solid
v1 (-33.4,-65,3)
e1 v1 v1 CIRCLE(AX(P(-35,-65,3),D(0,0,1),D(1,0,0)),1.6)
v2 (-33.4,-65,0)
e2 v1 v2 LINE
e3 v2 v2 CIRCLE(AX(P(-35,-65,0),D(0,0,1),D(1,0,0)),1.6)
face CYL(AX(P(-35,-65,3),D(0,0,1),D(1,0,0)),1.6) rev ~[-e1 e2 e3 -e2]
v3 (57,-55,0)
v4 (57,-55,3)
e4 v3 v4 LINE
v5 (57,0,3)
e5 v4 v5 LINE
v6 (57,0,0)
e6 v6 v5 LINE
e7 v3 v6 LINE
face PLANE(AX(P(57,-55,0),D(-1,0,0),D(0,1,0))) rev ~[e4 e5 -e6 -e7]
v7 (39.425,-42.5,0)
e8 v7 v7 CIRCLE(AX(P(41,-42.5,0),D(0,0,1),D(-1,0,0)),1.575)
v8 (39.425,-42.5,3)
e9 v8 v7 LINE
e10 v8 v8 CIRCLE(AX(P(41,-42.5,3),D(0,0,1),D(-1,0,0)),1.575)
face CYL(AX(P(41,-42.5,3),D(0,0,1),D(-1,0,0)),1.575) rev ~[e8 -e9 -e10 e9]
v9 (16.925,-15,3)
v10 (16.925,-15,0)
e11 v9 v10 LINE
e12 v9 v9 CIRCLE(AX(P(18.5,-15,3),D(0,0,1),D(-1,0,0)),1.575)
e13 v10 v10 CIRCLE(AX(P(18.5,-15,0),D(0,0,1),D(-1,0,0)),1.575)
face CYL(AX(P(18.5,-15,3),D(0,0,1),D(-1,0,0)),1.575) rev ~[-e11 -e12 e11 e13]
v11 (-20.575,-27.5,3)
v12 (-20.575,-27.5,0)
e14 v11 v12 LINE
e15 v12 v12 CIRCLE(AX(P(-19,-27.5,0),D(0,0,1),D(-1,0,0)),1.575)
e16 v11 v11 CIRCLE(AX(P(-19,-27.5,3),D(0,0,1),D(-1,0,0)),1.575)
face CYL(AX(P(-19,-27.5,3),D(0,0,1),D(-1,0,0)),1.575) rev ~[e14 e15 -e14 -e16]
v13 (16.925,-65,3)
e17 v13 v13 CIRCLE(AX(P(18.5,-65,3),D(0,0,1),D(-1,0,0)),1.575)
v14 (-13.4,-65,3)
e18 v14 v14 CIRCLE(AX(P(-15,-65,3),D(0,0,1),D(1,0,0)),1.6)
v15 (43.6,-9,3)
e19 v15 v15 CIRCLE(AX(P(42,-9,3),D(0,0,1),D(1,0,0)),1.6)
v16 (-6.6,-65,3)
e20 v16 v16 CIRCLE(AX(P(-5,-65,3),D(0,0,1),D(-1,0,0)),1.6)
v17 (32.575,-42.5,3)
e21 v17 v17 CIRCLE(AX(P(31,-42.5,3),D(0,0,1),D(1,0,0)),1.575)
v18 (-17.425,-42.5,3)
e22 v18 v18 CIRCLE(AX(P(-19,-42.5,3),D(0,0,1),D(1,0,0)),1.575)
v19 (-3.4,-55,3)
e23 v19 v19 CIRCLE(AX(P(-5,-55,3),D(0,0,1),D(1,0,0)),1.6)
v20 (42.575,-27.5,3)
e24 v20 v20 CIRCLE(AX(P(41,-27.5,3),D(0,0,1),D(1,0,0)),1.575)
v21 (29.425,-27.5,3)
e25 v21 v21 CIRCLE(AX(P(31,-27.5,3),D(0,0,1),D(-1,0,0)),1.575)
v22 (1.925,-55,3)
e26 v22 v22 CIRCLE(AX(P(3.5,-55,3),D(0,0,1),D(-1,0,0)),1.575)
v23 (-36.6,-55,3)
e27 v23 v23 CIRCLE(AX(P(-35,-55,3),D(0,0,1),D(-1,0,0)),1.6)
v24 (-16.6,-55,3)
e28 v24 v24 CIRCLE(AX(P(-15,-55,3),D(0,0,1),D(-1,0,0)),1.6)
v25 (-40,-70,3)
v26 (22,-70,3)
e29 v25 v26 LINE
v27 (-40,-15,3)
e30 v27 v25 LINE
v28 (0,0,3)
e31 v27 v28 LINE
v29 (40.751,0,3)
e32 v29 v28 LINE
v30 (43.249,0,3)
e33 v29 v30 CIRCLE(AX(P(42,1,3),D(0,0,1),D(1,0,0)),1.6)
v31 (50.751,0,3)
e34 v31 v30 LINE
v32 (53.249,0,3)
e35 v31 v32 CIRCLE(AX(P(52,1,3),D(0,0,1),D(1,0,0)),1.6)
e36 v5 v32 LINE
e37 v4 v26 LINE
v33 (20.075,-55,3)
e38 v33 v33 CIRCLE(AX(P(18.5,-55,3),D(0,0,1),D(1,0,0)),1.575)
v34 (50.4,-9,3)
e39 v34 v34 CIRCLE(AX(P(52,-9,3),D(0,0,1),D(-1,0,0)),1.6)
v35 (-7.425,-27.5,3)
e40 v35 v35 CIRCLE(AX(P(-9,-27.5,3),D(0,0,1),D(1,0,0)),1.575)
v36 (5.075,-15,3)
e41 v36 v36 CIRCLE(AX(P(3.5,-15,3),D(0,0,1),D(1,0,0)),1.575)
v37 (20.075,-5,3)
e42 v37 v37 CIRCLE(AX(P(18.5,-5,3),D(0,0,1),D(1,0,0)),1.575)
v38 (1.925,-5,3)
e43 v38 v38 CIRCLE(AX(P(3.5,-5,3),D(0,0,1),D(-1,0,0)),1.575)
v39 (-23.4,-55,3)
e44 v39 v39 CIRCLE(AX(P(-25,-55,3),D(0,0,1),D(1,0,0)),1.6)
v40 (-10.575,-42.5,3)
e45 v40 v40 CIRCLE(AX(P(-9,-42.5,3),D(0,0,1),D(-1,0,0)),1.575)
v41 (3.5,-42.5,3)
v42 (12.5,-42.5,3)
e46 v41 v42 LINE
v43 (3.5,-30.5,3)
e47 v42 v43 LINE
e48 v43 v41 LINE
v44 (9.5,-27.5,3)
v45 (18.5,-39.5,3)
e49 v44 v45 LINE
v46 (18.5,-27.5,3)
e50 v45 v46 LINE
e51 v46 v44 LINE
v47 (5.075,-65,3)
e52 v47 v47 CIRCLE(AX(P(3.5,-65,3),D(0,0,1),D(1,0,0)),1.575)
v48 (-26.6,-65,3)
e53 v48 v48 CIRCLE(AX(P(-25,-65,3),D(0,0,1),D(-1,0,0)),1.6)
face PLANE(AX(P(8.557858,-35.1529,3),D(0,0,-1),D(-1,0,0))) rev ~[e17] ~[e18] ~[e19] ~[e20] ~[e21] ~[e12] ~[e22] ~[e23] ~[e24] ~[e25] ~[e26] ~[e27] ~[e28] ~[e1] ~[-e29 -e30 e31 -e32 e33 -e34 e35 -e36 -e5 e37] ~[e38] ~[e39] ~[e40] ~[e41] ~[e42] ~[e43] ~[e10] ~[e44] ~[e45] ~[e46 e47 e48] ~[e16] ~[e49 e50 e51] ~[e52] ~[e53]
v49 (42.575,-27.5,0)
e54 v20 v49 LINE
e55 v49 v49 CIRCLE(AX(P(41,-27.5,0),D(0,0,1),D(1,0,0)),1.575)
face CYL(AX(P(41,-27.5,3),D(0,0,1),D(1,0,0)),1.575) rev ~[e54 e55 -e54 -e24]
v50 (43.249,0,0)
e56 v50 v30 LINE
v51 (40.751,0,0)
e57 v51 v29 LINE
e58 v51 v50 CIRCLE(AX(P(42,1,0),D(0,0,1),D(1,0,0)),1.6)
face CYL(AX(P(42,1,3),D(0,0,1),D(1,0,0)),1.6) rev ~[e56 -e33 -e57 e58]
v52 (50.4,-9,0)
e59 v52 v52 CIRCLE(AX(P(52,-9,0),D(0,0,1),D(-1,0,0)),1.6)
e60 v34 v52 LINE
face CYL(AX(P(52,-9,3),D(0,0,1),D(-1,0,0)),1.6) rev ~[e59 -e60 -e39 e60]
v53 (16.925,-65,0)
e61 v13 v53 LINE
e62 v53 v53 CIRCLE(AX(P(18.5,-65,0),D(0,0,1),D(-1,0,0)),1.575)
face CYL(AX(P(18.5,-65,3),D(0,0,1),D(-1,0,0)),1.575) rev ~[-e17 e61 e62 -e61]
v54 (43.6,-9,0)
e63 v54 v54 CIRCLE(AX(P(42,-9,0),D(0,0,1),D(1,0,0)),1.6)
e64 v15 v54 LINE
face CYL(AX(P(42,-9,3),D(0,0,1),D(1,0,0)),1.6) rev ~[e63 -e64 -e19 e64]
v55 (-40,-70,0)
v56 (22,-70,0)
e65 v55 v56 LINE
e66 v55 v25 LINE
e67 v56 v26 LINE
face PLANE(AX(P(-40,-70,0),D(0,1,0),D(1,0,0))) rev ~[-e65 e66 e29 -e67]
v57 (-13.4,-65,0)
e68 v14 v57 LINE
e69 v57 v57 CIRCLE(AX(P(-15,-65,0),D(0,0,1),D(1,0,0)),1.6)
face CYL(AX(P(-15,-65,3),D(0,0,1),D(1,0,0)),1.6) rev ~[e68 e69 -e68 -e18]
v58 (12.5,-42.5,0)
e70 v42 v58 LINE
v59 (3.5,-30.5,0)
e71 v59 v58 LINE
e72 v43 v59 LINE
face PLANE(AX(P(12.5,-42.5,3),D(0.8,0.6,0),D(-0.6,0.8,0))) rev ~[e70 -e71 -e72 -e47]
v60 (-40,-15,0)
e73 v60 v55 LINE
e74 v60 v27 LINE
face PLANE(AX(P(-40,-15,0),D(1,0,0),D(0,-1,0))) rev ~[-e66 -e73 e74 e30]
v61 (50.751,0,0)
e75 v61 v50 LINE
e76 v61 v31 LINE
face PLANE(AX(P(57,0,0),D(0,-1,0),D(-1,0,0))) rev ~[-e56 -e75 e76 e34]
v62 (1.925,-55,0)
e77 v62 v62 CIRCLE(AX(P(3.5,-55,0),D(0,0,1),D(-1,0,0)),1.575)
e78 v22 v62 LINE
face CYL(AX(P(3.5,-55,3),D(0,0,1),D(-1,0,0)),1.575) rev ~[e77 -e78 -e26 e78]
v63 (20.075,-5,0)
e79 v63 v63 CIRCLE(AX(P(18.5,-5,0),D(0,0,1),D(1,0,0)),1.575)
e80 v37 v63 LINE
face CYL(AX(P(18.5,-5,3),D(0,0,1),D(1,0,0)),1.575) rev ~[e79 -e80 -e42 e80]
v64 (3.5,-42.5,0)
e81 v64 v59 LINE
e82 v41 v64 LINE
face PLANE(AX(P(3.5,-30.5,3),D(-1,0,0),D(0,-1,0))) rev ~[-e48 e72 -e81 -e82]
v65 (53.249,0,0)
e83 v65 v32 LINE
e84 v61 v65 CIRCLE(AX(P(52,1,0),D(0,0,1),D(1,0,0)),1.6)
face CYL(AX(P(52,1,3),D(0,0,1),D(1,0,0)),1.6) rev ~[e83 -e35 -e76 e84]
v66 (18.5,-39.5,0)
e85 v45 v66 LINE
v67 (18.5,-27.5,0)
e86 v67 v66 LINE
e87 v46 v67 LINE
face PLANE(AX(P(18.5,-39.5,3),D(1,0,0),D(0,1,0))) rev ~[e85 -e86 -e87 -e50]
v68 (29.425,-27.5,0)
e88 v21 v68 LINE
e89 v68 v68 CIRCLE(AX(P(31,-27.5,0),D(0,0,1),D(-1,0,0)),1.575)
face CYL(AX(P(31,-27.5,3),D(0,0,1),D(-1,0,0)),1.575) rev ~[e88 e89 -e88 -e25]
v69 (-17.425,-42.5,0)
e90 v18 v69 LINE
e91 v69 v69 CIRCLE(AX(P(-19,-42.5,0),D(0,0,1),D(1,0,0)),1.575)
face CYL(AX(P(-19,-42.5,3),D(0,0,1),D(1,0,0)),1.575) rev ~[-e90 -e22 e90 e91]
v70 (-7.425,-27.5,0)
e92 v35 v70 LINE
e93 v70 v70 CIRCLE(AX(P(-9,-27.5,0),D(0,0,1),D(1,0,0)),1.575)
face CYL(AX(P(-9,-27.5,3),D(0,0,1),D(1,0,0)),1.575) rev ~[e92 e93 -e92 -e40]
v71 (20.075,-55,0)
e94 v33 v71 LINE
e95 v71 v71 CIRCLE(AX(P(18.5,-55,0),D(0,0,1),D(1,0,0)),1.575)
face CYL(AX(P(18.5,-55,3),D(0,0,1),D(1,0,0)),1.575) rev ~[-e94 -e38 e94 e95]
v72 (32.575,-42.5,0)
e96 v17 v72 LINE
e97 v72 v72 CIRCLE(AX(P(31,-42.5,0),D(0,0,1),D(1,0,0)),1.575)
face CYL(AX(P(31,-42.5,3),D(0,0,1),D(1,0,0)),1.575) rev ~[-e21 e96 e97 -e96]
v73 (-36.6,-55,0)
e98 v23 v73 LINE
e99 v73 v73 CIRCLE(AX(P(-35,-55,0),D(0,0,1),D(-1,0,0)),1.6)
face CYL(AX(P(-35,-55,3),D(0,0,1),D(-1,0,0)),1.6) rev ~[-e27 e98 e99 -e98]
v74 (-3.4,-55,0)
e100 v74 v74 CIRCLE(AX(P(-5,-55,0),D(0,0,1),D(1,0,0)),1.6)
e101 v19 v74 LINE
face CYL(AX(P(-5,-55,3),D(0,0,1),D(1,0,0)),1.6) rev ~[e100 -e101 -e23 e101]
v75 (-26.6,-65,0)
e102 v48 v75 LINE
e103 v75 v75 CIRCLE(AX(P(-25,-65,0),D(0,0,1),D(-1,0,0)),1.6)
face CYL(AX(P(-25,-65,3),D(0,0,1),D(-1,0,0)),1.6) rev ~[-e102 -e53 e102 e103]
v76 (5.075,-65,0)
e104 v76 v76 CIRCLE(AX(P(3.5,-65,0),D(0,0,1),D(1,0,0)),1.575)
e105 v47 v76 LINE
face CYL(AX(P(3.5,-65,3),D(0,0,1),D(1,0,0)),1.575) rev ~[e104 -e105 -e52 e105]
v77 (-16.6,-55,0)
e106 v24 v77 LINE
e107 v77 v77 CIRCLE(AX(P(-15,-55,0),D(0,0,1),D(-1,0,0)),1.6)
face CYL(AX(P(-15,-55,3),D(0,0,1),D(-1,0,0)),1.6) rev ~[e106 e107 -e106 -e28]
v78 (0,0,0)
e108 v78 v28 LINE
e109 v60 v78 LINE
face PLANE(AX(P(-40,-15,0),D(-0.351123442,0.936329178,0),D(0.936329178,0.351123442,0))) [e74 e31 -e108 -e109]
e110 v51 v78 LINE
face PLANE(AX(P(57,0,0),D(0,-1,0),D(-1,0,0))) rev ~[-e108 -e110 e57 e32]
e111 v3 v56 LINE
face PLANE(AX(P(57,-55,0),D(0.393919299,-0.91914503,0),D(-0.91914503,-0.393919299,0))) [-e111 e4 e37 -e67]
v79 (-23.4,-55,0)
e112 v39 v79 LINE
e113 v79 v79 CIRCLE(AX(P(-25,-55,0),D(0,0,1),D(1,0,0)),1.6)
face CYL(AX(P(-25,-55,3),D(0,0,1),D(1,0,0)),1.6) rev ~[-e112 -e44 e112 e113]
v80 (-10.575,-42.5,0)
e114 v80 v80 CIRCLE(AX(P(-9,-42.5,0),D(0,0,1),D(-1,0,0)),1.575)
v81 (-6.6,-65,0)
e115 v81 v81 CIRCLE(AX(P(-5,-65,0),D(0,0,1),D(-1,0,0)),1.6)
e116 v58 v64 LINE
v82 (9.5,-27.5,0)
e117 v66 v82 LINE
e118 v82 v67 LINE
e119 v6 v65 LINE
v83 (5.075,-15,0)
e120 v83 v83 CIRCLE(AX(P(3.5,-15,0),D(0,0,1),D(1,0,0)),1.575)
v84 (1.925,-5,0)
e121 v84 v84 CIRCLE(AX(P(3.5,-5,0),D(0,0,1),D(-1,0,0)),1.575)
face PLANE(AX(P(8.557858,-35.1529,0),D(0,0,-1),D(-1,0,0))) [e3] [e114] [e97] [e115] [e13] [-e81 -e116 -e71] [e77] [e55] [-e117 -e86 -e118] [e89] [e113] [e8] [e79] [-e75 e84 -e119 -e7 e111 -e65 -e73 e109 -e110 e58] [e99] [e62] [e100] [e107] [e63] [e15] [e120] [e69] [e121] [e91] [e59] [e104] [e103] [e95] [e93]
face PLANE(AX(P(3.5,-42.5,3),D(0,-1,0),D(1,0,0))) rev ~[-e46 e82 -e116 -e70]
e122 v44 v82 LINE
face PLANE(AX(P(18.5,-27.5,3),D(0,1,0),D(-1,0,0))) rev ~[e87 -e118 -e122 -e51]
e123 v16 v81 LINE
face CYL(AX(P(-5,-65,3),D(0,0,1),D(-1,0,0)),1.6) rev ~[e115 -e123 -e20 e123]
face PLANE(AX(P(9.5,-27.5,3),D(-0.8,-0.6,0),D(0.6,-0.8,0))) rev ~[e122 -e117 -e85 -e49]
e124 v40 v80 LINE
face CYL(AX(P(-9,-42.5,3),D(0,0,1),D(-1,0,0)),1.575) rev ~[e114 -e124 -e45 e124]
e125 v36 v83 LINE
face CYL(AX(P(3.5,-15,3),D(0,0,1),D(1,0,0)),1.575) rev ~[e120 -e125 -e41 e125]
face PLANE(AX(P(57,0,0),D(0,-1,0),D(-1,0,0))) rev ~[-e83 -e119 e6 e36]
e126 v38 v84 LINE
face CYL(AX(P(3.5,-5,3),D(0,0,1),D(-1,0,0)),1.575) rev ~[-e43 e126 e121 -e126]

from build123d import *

# Parameters (mm, degrees)
EXTRUDE_1_DEPTH     = 3
SKETCH_2_R          = 1.575
SKETCH_2_R_2        = 1.6
CUT_EXTRUDE_1_DEPTH = 91.321647461


with BuildPart() as part:
    # 草图1 → 凸台-拉伸1 (new body)
    with BuildSketch(Plane.XY):
        Polygon((0, 0), (22, 0), (57, 0), (57, -15), (57, -55), (22, -70), (0, -70), (-40, -70), (-40, -55), (-40, -15), align=None)
    extrude(amount=EXTRUDE_1_DEPTH)

    # 草图2 → 切除-拉伸1 (cut, through all)
    with BuildSketch(Plane.XY.offset(3)):
        with Locations((18.5, -5)):
            Circle(SKETCH_2_R)
        with Locations(Location((18.5, -15, 0), (0, 0, 180))):
            Circle(SKETCH_2_R)
        with Locations((3.5, -15)):
            Circle(SKETCH_2_R)
        with Locations(Location((3.5, -5, 0), (0, 0, 180))):
            Circle(SKETCH_2_R)
        with Locations((3.5, -65)):
            Circle(SKETCH_2_R)
        with Locations(Location((3.5, -55, 0), (0, 0, 180))):
            Circle(SKETCH_2_R)
        with Locations((18.5, -55)):
            Circle(SKETCH_2_R)
        with Locations(Location((18.5, -65, 0), (0, 0, 180))):
            Circle(SKETCH_2_R)
        with Locations((-19, -42.5)):
            Circle(SKETCH_2_R)
        with Locations(Location((-19, -27.5, 0), (0, 0, 180))):
            Circle(SKETCH_2_R)
        with Locations(Location((-9, -42.5, 0), (0, 0, 180))):
            Circle(SKETCH_2_R)
        with Locations((-9, -27.5)):
            Circle(SKETCH_2_R)
        with Locations((31, -42.5)):
            Circle(SKETCH_2_R)
        with Locations(Location((41, -42.5, 0), (0, 0, 180))):
            Circle(SKETCH_2_R)
        with Locations((41, -27.5)):
            Circle(SKETCH_2_R)
        with Locations(Location((31, -27.5, 0), (0, 0, 180))):
            Circle(SKETCH_2_R)
        with Locations((-35, -65)):
            Circle(SKETCH_2_R_2)
        with Locations(Location((-25, -65, 0), (0, 0, 180))):
            Circle(SKETCH_2_R_2)
        with Locations((-25, -55)):
            Circle(SKETCH_2_R_2)
        with Locations(Location((-35, -55, 0), (0, 0, 180))):
            Circle(SKETCH_2_R_2)
        with Locations((-5, -55)):
            Circle(SKETCH_2_R_2)
        with Locations(Location((-15, -55, 0), (0, 0, 180))):
            Circle(SKETCH_2_R_2)
        with Locations((-15, -65)):
            Circle(SKETCH_2_R_2)
        with Locations(Location((-5, -65, 0), (0, 0, 180))):
            Circle(SKETCH_2_R_2)
        with Locations((52, 1)):
            Circle(SKETCH_2_R_2)
        with Locations((42, 1)):
            Circle(SKETCH_2_R_2)
        with Locations(Location((52, -9, 0), (0, 0, 180))):
            Circle(SKETCH_2_R_2)
        with Locations((42, -9)):
            Circle(SKETCH_2_R_2)
        Polygon((3.5, -30.5), (3.5, -42.5), (12.5, -42.5), align=None)
        Polygon((9.5, -27.5), (18.5, -39.5), (18.5, -27.5), align=None)
    extrude(amount=-CUT_EXTRUDE_1_DEPTH, mode=Mode.SUBTRACT)


solid = part.part
